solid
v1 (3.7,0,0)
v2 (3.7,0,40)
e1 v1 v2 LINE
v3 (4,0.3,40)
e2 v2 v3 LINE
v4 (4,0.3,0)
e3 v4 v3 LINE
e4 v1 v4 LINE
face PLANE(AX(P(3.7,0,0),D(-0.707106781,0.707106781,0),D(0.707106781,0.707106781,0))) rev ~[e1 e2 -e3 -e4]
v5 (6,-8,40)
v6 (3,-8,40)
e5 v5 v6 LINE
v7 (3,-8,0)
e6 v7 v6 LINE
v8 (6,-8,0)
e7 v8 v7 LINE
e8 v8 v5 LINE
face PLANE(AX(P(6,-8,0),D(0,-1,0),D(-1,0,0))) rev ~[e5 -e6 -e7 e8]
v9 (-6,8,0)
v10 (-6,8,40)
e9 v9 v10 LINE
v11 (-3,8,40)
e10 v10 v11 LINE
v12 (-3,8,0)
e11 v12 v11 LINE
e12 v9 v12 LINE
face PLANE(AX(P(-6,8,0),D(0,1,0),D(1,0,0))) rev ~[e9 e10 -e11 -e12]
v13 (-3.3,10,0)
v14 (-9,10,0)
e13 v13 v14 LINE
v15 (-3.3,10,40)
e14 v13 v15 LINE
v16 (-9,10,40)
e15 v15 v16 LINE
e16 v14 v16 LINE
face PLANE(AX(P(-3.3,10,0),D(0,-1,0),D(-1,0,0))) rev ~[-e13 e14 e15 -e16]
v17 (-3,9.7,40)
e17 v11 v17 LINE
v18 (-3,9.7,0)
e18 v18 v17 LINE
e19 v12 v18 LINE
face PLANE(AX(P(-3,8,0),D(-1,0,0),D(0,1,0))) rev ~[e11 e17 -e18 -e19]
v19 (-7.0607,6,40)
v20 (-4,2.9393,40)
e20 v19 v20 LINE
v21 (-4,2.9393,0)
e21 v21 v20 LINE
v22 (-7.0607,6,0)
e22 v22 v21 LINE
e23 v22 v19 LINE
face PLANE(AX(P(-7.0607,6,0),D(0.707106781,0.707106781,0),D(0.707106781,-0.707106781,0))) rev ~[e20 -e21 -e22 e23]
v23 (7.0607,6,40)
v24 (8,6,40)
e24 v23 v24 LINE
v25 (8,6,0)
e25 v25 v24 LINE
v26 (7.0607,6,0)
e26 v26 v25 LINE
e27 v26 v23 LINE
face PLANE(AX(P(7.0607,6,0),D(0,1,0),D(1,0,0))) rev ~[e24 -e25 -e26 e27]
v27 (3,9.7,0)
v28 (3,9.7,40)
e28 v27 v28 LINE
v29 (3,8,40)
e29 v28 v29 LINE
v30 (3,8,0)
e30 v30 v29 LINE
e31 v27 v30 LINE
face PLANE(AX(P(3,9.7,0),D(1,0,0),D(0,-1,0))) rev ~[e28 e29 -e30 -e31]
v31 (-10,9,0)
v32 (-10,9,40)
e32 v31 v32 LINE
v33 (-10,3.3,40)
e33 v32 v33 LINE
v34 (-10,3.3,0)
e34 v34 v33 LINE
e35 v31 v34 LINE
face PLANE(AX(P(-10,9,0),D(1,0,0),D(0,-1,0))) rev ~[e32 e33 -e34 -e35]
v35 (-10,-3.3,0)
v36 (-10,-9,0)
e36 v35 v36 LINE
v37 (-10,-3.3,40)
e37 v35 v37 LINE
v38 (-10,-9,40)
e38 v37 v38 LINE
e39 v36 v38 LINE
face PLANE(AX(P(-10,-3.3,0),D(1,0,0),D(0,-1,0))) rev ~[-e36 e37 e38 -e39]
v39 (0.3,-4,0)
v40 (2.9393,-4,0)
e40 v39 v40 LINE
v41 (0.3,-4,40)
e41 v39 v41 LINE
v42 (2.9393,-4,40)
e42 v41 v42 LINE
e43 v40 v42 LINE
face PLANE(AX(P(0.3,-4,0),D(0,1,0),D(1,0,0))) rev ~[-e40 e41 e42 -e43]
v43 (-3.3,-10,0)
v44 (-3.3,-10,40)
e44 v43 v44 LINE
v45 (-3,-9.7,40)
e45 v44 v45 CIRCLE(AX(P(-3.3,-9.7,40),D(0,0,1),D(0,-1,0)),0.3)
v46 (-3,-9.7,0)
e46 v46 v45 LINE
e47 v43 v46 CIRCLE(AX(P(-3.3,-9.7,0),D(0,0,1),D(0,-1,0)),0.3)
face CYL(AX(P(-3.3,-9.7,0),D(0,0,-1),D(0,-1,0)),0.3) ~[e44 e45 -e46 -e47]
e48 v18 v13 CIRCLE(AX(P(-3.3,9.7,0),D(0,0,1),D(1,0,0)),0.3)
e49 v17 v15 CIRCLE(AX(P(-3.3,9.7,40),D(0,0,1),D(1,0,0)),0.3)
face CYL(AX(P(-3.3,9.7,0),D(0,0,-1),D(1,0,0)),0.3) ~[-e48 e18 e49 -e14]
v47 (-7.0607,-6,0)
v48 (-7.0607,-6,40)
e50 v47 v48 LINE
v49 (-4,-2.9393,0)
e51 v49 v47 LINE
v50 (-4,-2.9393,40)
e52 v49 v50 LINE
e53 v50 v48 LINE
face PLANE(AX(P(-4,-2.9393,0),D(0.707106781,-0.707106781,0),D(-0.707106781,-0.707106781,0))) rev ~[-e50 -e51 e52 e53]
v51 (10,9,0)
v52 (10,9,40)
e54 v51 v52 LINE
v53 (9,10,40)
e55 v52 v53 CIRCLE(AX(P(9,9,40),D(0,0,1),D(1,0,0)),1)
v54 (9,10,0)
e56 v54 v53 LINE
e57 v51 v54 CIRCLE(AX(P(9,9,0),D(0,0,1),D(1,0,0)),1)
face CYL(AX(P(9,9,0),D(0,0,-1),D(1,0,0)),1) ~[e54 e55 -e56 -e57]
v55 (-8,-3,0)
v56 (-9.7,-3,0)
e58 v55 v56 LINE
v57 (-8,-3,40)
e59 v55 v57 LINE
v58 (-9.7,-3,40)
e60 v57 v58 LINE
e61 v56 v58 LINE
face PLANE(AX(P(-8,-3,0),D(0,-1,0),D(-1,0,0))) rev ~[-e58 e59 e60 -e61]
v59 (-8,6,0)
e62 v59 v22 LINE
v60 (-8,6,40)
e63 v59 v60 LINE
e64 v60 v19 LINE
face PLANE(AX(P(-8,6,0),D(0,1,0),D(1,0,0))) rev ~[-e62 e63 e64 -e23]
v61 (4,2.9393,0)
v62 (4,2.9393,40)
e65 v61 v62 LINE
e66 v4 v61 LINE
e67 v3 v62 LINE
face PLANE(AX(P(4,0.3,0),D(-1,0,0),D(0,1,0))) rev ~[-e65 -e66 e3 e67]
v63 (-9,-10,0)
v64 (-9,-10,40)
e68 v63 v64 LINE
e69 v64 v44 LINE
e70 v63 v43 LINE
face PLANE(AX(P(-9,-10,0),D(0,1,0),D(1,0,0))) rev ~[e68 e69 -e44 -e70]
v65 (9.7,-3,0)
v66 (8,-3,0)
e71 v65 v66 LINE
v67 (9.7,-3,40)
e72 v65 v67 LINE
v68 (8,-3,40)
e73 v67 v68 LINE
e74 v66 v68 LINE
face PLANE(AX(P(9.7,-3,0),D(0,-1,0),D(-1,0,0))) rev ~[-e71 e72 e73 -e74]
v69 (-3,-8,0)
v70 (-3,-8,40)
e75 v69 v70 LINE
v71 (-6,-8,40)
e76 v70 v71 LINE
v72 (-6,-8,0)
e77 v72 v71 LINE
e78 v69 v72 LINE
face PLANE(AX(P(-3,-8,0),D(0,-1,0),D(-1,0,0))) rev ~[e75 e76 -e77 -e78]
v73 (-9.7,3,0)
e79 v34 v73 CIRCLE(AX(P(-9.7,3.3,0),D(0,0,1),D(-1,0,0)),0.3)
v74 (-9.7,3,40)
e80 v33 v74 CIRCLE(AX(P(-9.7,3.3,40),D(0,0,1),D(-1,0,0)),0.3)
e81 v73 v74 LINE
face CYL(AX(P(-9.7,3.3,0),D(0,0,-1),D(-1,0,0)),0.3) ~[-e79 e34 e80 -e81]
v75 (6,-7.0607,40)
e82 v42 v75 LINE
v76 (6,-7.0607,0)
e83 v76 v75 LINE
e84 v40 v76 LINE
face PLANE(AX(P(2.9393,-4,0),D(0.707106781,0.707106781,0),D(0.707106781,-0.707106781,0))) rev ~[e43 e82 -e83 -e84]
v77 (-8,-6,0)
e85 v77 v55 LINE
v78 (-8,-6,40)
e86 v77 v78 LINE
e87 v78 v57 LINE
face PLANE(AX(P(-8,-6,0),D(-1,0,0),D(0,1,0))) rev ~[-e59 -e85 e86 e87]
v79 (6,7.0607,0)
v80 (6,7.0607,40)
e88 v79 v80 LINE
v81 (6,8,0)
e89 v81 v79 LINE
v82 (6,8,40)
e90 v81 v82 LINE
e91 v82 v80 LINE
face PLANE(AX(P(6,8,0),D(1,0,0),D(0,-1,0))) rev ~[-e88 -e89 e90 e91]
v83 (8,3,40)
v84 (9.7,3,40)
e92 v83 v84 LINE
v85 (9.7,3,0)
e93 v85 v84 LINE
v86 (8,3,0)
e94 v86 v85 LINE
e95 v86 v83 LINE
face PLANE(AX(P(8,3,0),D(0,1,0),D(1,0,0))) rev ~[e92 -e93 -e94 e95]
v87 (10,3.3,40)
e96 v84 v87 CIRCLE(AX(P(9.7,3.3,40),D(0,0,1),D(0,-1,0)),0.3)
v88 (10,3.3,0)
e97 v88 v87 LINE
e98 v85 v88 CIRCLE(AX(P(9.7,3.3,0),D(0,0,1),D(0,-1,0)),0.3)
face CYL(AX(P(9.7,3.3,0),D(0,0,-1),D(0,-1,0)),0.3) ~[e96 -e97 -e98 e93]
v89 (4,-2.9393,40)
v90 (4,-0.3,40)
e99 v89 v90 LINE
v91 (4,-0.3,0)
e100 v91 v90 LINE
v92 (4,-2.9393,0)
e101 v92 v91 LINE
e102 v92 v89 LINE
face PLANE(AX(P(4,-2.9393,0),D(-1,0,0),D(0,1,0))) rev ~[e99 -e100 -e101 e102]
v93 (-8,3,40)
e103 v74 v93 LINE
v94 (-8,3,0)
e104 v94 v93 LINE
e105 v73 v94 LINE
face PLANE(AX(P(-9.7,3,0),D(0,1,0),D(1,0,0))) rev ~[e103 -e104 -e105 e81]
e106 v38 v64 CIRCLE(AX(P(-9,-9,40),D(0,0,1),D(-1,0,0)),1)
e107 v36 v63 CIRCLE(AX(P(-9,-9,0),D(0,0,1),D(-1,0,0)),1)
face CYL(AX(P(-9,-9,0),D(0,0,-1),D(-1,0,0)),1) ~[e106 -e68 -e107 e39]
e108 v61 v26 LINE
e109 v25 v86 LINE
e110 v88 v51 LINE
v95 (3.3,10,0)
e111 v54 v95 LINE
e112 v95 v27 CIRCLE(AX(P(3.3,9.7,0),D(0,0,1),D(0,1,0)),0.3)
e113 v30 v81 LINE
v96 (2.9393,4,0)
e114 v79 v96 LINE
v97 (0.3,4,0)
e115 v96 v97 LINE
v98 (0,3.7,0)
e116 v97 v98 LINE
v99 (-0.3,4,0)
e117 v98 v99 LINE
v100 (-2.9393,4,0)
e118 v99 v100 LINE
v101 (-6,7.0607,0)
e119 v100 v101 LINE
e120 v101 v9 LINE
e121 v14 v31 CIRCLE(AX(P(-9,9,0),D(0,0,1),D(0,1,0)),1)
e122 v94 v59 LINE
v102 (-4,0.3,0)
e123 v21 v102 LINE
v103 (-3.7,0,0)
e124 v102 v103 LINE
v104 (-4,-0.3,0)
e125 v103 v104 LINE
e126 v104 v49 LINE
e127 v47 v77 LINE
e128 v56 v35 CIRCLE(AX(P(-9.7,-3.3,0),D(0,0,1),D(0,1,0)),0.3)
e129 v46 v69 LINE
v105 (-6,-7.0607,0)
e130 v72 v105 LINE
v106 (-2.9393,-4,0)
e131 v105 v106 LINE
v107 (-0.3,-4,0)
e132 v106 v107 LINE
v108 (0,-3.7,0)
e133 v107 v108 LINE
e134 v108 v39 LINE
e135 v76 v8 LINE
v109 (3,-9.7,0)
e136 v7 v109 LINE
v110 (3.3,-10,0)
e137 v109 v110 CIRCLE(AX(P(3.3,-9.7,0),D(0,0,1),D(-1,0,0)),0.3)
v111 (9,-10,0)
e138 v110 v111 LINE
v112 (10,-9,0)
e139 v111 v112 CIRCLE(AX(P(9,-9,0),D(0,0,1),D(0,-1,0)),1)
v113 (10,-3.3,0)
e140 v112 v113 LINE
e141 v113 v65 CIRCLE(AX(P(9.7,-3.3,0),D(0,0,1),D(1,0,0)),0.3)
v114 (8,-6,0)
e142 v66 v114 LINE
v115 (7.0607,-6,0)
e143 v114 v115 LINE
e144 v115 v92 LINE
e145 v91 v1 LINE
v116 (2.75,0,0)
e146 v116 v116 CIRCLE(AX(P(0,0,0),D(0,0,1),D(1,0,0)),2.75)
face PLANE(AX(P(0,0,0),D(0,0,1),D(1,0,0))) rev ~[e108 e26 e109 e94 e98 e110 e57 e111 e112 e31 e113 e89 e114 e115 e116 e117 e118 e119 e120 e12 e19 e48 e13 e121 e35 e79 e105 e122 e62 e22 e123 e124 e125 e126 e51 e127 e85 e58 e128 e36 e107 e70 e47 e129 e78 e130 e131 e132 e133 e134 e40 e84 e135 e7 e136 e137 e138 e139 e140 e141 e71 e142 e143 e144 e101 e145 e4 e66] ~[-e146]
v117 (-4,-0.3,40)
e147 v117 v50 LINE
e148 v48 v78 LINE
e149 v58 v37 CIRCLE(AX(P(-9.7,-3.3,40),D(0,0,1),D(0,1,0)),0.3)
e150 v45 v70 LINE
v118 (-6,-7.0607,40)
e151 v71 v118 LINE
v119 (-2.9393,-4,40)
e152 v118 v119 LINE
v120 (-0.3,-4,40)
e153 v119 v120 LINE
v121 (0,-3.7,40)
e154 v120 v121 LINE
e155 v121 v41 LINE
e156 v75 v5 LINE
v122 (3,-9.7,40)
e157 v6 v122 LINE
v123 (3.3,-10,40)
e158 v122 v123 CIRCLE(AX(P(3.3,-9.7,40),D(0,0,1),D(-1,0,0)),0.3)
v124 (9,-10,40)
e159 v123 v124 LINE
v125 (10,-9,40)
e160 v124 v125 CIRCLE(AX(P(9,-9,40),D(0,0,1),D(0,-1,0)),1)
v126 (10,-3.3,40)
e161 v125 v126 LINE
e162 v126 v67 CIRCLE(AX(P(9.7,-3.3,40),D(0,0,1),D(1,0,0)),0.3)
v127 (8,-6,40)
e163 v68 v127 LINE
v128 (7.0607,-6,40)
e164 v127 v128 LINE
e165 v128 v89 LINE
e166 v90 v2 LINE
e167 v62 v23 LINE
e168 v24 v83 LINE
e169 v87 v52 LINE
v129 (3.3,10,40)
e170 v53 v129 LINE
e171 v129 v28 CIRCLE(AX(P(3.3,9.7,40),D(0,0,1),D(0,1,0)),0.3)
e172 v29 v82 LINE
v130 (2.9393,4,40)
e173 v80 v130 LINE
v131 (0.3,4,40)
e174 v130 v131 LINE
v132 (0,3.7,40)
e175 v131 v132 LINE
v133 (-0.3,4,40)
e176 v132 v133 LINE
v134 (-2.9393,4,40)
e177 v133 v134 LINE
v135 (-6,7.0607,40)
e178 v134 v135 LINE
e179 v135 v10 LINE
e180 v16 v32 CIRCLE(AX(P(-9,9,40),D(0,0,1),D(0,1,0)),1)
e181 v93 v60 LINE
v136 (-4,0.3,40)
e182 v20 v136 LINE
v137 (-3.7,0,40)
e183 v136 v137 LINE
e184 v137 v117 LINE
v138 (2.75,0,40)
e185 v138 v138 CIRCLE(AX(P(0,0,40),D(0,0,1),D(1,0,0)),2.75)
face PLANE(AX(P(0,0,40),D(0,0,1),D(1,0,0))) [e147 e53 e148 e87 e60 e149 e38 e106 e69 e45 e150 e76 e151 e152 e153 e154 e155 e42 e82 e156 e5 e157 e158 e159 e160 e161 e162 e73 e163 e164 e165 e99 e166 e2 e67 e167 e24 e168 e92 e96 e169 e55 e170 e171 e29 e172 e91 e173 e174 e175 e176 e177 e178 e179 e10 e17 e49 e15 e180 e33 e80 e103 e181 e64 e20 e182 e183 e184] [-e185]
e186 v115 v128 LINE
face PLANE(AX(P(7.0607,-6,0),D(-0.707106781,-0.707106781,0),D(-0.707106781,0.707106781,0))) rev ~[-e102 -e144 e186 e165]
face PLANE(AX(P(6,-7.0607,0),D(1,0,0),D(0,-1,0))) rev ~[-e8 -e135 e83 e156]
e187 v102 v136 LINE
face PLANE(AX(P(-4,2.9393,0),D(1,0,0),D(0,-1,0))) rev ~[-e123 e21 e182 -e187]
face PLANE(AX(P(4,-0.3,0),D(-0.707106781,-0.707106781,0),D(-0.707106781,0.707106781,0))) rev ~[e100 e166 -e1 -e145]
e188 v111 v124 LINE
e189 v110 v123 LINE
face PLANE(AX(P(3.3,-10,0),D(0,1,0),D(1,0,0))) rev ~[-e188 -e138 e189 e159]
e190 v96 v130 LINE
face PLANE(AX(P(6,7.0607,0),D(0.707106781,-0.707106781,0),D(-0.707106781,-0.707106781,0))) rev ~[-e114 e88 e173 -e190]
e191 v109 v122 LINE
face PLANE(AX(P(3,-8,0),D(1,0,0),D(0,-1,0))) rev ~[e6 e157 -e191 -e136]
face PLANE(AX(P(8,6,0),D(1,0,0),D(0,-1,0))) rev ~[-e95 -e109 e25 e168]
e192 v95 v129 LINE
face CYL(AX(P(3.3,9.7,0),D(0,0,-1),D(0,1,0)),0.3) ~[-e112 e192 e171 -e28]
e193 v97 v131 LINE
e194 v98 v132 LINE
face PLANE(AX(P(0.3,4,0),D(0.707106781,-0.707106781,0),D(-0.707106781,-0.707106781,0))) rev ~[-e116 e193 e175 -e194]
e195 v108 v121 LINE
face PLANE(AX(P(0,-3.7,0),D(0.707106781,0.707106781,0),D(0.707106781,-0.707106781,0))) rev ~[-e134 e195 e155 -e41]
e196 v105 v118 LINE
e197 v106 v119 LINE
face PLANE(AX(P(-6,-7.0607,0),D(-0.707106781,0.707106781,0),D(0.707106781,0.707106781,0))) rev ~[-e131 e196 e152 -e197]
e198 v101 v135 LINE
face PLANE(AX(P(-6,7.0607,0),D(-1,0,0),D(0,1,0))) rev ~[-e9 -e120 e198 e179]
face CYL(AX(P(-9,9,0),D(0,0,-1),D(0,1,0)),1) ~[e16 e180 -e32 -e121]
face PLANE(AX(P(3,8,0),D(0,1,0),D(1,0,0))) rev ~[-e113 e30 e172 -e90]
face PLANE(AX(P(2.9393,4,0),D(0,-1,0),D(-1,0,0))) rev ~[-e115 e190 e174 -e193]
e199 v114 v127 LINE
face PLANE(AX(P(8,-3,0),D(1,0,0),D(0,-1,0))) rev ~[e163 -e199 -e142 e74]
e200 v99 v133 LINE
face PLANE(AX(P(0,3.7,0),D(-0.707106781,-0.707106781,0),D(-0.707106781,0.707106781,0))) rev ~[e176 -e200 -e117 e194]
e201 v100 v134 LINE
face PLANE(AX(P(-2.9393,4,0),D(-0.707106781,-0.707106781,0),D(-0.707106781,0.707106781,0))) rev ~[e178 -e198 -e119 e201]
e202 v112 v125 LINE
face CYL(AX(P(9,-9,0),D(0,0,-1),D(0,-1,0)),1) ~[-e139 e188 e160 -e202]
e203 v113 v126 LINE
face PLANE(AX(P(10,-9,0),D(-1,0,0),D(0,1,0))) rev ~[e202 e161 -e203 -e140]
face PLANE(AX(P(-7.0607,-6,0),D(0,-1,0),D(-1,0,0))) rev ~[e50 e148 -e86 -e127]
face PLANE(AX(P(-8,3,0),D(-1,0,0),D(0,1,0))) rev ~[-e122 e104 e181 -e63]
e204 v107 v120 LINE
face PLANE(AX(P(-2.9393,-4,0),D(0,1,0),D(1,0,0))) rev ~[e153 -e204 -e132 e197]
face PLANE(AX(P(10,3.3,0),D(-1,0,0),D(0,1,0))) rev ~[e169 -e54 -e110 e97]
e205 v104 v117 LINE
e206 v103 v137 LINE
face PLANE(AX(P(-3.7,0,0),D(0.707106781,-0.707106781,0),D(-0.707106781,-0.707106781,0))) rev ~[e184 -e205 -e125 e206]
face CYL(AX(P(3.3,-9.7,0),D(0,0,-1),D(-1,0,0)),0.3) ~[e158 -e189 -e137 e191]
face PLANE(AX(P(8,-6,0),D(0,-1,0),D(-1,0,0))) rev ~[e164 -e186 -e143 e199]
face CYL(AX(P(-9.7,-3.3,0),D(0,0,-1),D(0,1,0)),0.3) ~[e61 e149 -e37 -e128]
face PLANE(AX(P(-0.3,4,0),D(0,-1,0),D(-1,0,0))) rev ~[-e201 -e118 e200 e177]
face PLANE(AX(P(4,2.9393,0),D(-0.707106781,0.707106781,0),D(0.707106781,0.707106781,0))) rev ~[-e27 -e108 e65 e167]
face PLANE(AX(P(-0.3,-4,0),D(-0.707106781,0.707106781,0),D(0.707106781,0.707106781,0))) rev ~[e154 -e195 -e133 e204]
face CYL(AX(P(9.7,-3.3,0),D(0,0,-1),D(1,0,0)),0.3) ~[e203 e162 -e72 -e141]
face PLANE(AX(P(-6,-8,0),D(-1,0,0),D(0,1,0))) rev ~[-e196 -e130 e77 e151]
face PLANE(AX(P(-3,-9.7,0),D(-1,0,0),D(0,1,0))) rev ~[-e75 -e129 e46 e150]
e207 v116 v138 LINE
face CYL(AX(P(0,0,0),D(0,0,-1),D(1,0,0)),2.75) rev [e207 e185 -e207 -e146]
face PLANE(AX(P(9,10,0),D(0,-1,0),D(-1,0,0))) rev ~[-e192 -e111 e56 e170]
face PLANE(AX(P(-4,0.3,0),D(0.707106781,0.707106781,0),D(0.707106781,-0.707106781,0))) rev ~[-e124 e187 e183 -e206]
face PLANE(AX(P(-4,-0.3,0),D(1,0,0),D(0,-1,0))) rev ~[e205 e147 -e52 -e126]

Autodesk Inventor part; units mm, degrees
ref_plane "Startebene" through (0, 0, 0) normal (0, 0, 1) x (1, 0, 0)
ref_plane "Endebene" through (0, 0, 320) normal (0, 0, 1) x (1, 0, 0)
ref_plane "Startebene1" through (0, 0, 0) normal (0, 0, 1) x (1, 0, 0)
ref_plane "Endebene1" through (0, 0, 40) normal (0, 0, 1) x (1, 0, 0)
ref_plane "Startebene2" through (0, 0, 0) normal (0, 0, 1) x (1, 0, 0)
ref_plane "Endebene2" through (0, 0, 40) normal (0, 0, 1) x (1, 0, 0)
ref_plane "Startebene3" through (0, 0, 0) normal (0, 0, 1) x (1, 0, 0)
ref_plane "Endebene3" through (0, 0, 40) normal (0, 0, 1) x (1, 0, 0)
sketch "Skizze" plane through (0, 0, 0) normal (0, 0, 1) x (1, 0, 0)
  line L0 (-10, 9) -> (-10, 3.3)
  arc A0 (-10, 3.3) -> (-9.7, 3) centre (-9.7, 3.3) ccw
  line L1 (-9.7, 3) -> (-8, 3)
  line L2 (-8, 3) -> (-8, 6)
  line L3 (-8, 6) -> (-7.0607, 6)
  line L4 (-7.0607, 6) -> (-4, 2.9393)
  line L5 (-4, 2.9393) -> (-4, 0.3)
  line L6 (-4, 0.3) -> (-3.7, 0)
  line L7 (-3.7, 0) -> (-4, -0.3)
  line L8 (-4, -0.3) -> (-4, -2.9393)
  line L9 (-4, -2.9393) -> (-7.0607, -6)
  line L10 (-7.0607, -6) -> (-8, -6)
  line L11 (-8, -6) -> (-8, -3)
  line L12 (-8, -3) -> (-9.7, -3)
  arc A1 (-9.7, -3) -> (-10, -3.3) centre (-9.7, -3.3) ccw
  line L13 (-10, -3.3) -> (-10, -9)
  arc A2 (-10, -9) -> (-9, -10) centre (-9, -9) ccw
  line L14 (-9, -10) -> (-3.3, -10)
  arc A3 (-3.3, -10) -> (-3, -9.7) centre (-3.3, -9.7) ccw
  line L15 (-3, -9.7) -> (-3, -8)
  line L16 (-3, -8) -> (-6, -8)
  line L17 (-6, -8) -> (-6, -7.0607)
  line L18 (-6, -7.0607) -> (-2.9393, -4)
  line L19 (-2.9393, -4) -> (-0.3, -4)
  line L20 (-0.3, -4) -> (0, -3.7)
  line L21 (0, -3.7) -> (0.3, -4)
  line L22 (0.3, -4) -> (2.9393, -4)
  line L23 (2.9393, -4) -> (6, -7.0607)
  line L24 (6, -7.0607) -> (6, -8)
  line L25 (6, -8) -> (3, -8)
  line L26 (3, -8) -> (3, -9.7)
  arc A4 (3, -9.7) -> (3.3, -10) centre (3.3, -9.7) ccw
  line L27 (3.3, -10) -> (9, -10)
  arc A5 (9, -10) -> (10, -9) centre (9, -9) ccw
  line L28 (10, -9) -> (10, -3.3)
  arc A6 (10, -3.3) -> (9.7, -3) centre (9.7, -3.3) ccw
  line L29 (9.7, -3) -> (8, -3)
  line L30 (8, -3) -> (8, -6)
  line L31 (8, -6) -> (7.0607, -6)
  line L32 (7.0607, -6) -> (4, -2.9393)
  line L33 (4, -2.9393) -> (4, -0.3)
  line L34 (4, -0.3) -> (3.7, 0)
  line L35 (3.7, 0) -> (4, 0.3)
  line L36 (4, 0.3) -> (4, 2.9393)
  line L37 (4, 2.9393) -> (7.0607, 6)
  line L38 (7.0607, 6) -> (8, 6)
  line L39 (8, 6) -> (8, 3)
  line L40 (8, 3) -> (9.7, 3)
  arc A7 (9.7, 3) -> (10, 3.3) centre (9.7, 3.3) ccw
  line L41 (10, 3.3) -> (10, 9)
  arc A8 (10, 9) -> (9, 10) centre (9, 9) ccw
  line L42 (9, 10) -> (3.3, 10)
  arc A9 (3.3, 10) -> (3, 9.7) centre (3.3, 9.7) ccw
  line L43 (3, 9.7) -> (3, 8)
  line L44 (3, 8) -> (6, 8)
  line L45 (6, 8) -> (6, 7.0607)
  line L46 (6, 7.0607) -> (2.9393, 4)
  line L47 (2.9393, 4) -> (0.3, 4)
  line L48 (0.3, 4) -> (0, 3.7)
  line L49 (0, 3.7) -> (-0.3, 4)
  line L50 (-0.3, 4) -> (-2.9393, 4)
  line L51 (-2.9393, 4) -> (-6, 7.0607)
  line L52 (-6, 7.0607) -> (-6, 8)
  line L53 (-6, 8) -> (-3, 8)
  line L54 (-3, 8) -> (-3, 9.7)
  arc A10 (-3, 9.7) -> (-3.3, 10) centre (-3.3, 9.7) ccw
  line L55 (-3.3, 10) -> (-9, 10)
  arc A11 (-9, 10) -> (-10, 9) centre (-9, 9) ccw
  circle A12 centre (0, 0) radius 2.75
  dimension "d2" = 5.5
  dimension "d3" = 10
  dimension "d4" = 10
  dimension "d5" = 5.7
  dimension "d6" = 5.7
  dimension "d7" = 1.7
  dimension "d8" = 3
  dimension "d9" = 0.3
  dimension "d10" = 90
  dimension "d11" = 45
  dimension "d12" = 45
  dimension "d13" = 45
  dimension "d14" = 90
  dimension "d15" = 90
  dimension "d16" = 45
  dimension "d17" = 45
  dimension "d18" = 45
  dimension "d19" = 45
  dimension "d20" = 90
  dimension "d21" = 90
  dimension "d22" = 45
  dimension "d23" = 45
  dimension "d24" = 90
  dimension "d25" = 90
  dimension "d26" = 90
  dimension "d27" = 90
  dimension "d28" = 90
  dimension "d29" = 90
  dimension "d30" = 90
  dimension "d31" = 90
  dimension "d32" = 90
  dimension "d33" = 90
  dimension "d34" = 90
  dimension "d35" = 90
  dimension "d36" = 90
  dimension "d37" = 90
  dimension "d38" = 90
  dimension "d39" = 4
  dimension "d40" = 6
  dimension "d41" = 13
  dimension "d42" = 14
  dimension "d43" = 16
  dimension "d44" = 18
  dimension "d45" = 3
  dimension "d46" = 9
  dimension "d47" = 7
  dimension "d48" = 1
  dimension "d49" = 7
  dimension "d50" = 1.5
  dimension "d51" = 1.8663
  dimension "d52" = 3.3663
  dimension "d53" = 1.5
  dimension "d54" = 1.8663
  dimension "d55" = 3.3663
  dimension "d56" = 4
  dimension "d57" = 10.8187
  dimension "d58" = 1.9092
  dimension "d59" = 5
  dimension "d60" = 13
  dimension "d61" = 13
  dimension "d62" = 16.0513
  dimension "d63" = 3.3234
  dimension "d64" = 14
  dimension "d65" = 12.685
extrude "Körper" add sketch "Skizze" along normal up to surface (40 mm away) from surface at 0
sketch "Skizze21" plane through (0, 0, 0) normal (0, 0, 1) x (1, 0, 0)
  line L0 (0, 0) -> (10, 0)
ref_plane "Arbeitsebene18" through (0, 0, 0) normal (0, -1, 0) x (1, 0, 0)
sketch "Skizze22" plane through (0, 0, 0) normal (0, -1, 0) x (1, 0, 0)
  line L0 (-14, 0) -> (14, 0)
  line L1 (-14, 40) -> (14, 40)
  dimension "d80" = 40
equation "\"G_OFFSET_START\" = 0"
equation "\"G_OFFSET_END\" = 0"
equation "\"G_L\" = d80"
equation "\"G_OFFSET_START1\" = 0"
equation "\"G_OFFSET_END1\" = 0"
equation "\"G_OFFSET_START2\" = 0"
equation "\"G_OFFSET_END2\" = 0"
equation "\"G_OFFSET_START3\" = 0"
equation "\"G_OFFSET_END3\" = 0"
properties part number "1658556099854"
